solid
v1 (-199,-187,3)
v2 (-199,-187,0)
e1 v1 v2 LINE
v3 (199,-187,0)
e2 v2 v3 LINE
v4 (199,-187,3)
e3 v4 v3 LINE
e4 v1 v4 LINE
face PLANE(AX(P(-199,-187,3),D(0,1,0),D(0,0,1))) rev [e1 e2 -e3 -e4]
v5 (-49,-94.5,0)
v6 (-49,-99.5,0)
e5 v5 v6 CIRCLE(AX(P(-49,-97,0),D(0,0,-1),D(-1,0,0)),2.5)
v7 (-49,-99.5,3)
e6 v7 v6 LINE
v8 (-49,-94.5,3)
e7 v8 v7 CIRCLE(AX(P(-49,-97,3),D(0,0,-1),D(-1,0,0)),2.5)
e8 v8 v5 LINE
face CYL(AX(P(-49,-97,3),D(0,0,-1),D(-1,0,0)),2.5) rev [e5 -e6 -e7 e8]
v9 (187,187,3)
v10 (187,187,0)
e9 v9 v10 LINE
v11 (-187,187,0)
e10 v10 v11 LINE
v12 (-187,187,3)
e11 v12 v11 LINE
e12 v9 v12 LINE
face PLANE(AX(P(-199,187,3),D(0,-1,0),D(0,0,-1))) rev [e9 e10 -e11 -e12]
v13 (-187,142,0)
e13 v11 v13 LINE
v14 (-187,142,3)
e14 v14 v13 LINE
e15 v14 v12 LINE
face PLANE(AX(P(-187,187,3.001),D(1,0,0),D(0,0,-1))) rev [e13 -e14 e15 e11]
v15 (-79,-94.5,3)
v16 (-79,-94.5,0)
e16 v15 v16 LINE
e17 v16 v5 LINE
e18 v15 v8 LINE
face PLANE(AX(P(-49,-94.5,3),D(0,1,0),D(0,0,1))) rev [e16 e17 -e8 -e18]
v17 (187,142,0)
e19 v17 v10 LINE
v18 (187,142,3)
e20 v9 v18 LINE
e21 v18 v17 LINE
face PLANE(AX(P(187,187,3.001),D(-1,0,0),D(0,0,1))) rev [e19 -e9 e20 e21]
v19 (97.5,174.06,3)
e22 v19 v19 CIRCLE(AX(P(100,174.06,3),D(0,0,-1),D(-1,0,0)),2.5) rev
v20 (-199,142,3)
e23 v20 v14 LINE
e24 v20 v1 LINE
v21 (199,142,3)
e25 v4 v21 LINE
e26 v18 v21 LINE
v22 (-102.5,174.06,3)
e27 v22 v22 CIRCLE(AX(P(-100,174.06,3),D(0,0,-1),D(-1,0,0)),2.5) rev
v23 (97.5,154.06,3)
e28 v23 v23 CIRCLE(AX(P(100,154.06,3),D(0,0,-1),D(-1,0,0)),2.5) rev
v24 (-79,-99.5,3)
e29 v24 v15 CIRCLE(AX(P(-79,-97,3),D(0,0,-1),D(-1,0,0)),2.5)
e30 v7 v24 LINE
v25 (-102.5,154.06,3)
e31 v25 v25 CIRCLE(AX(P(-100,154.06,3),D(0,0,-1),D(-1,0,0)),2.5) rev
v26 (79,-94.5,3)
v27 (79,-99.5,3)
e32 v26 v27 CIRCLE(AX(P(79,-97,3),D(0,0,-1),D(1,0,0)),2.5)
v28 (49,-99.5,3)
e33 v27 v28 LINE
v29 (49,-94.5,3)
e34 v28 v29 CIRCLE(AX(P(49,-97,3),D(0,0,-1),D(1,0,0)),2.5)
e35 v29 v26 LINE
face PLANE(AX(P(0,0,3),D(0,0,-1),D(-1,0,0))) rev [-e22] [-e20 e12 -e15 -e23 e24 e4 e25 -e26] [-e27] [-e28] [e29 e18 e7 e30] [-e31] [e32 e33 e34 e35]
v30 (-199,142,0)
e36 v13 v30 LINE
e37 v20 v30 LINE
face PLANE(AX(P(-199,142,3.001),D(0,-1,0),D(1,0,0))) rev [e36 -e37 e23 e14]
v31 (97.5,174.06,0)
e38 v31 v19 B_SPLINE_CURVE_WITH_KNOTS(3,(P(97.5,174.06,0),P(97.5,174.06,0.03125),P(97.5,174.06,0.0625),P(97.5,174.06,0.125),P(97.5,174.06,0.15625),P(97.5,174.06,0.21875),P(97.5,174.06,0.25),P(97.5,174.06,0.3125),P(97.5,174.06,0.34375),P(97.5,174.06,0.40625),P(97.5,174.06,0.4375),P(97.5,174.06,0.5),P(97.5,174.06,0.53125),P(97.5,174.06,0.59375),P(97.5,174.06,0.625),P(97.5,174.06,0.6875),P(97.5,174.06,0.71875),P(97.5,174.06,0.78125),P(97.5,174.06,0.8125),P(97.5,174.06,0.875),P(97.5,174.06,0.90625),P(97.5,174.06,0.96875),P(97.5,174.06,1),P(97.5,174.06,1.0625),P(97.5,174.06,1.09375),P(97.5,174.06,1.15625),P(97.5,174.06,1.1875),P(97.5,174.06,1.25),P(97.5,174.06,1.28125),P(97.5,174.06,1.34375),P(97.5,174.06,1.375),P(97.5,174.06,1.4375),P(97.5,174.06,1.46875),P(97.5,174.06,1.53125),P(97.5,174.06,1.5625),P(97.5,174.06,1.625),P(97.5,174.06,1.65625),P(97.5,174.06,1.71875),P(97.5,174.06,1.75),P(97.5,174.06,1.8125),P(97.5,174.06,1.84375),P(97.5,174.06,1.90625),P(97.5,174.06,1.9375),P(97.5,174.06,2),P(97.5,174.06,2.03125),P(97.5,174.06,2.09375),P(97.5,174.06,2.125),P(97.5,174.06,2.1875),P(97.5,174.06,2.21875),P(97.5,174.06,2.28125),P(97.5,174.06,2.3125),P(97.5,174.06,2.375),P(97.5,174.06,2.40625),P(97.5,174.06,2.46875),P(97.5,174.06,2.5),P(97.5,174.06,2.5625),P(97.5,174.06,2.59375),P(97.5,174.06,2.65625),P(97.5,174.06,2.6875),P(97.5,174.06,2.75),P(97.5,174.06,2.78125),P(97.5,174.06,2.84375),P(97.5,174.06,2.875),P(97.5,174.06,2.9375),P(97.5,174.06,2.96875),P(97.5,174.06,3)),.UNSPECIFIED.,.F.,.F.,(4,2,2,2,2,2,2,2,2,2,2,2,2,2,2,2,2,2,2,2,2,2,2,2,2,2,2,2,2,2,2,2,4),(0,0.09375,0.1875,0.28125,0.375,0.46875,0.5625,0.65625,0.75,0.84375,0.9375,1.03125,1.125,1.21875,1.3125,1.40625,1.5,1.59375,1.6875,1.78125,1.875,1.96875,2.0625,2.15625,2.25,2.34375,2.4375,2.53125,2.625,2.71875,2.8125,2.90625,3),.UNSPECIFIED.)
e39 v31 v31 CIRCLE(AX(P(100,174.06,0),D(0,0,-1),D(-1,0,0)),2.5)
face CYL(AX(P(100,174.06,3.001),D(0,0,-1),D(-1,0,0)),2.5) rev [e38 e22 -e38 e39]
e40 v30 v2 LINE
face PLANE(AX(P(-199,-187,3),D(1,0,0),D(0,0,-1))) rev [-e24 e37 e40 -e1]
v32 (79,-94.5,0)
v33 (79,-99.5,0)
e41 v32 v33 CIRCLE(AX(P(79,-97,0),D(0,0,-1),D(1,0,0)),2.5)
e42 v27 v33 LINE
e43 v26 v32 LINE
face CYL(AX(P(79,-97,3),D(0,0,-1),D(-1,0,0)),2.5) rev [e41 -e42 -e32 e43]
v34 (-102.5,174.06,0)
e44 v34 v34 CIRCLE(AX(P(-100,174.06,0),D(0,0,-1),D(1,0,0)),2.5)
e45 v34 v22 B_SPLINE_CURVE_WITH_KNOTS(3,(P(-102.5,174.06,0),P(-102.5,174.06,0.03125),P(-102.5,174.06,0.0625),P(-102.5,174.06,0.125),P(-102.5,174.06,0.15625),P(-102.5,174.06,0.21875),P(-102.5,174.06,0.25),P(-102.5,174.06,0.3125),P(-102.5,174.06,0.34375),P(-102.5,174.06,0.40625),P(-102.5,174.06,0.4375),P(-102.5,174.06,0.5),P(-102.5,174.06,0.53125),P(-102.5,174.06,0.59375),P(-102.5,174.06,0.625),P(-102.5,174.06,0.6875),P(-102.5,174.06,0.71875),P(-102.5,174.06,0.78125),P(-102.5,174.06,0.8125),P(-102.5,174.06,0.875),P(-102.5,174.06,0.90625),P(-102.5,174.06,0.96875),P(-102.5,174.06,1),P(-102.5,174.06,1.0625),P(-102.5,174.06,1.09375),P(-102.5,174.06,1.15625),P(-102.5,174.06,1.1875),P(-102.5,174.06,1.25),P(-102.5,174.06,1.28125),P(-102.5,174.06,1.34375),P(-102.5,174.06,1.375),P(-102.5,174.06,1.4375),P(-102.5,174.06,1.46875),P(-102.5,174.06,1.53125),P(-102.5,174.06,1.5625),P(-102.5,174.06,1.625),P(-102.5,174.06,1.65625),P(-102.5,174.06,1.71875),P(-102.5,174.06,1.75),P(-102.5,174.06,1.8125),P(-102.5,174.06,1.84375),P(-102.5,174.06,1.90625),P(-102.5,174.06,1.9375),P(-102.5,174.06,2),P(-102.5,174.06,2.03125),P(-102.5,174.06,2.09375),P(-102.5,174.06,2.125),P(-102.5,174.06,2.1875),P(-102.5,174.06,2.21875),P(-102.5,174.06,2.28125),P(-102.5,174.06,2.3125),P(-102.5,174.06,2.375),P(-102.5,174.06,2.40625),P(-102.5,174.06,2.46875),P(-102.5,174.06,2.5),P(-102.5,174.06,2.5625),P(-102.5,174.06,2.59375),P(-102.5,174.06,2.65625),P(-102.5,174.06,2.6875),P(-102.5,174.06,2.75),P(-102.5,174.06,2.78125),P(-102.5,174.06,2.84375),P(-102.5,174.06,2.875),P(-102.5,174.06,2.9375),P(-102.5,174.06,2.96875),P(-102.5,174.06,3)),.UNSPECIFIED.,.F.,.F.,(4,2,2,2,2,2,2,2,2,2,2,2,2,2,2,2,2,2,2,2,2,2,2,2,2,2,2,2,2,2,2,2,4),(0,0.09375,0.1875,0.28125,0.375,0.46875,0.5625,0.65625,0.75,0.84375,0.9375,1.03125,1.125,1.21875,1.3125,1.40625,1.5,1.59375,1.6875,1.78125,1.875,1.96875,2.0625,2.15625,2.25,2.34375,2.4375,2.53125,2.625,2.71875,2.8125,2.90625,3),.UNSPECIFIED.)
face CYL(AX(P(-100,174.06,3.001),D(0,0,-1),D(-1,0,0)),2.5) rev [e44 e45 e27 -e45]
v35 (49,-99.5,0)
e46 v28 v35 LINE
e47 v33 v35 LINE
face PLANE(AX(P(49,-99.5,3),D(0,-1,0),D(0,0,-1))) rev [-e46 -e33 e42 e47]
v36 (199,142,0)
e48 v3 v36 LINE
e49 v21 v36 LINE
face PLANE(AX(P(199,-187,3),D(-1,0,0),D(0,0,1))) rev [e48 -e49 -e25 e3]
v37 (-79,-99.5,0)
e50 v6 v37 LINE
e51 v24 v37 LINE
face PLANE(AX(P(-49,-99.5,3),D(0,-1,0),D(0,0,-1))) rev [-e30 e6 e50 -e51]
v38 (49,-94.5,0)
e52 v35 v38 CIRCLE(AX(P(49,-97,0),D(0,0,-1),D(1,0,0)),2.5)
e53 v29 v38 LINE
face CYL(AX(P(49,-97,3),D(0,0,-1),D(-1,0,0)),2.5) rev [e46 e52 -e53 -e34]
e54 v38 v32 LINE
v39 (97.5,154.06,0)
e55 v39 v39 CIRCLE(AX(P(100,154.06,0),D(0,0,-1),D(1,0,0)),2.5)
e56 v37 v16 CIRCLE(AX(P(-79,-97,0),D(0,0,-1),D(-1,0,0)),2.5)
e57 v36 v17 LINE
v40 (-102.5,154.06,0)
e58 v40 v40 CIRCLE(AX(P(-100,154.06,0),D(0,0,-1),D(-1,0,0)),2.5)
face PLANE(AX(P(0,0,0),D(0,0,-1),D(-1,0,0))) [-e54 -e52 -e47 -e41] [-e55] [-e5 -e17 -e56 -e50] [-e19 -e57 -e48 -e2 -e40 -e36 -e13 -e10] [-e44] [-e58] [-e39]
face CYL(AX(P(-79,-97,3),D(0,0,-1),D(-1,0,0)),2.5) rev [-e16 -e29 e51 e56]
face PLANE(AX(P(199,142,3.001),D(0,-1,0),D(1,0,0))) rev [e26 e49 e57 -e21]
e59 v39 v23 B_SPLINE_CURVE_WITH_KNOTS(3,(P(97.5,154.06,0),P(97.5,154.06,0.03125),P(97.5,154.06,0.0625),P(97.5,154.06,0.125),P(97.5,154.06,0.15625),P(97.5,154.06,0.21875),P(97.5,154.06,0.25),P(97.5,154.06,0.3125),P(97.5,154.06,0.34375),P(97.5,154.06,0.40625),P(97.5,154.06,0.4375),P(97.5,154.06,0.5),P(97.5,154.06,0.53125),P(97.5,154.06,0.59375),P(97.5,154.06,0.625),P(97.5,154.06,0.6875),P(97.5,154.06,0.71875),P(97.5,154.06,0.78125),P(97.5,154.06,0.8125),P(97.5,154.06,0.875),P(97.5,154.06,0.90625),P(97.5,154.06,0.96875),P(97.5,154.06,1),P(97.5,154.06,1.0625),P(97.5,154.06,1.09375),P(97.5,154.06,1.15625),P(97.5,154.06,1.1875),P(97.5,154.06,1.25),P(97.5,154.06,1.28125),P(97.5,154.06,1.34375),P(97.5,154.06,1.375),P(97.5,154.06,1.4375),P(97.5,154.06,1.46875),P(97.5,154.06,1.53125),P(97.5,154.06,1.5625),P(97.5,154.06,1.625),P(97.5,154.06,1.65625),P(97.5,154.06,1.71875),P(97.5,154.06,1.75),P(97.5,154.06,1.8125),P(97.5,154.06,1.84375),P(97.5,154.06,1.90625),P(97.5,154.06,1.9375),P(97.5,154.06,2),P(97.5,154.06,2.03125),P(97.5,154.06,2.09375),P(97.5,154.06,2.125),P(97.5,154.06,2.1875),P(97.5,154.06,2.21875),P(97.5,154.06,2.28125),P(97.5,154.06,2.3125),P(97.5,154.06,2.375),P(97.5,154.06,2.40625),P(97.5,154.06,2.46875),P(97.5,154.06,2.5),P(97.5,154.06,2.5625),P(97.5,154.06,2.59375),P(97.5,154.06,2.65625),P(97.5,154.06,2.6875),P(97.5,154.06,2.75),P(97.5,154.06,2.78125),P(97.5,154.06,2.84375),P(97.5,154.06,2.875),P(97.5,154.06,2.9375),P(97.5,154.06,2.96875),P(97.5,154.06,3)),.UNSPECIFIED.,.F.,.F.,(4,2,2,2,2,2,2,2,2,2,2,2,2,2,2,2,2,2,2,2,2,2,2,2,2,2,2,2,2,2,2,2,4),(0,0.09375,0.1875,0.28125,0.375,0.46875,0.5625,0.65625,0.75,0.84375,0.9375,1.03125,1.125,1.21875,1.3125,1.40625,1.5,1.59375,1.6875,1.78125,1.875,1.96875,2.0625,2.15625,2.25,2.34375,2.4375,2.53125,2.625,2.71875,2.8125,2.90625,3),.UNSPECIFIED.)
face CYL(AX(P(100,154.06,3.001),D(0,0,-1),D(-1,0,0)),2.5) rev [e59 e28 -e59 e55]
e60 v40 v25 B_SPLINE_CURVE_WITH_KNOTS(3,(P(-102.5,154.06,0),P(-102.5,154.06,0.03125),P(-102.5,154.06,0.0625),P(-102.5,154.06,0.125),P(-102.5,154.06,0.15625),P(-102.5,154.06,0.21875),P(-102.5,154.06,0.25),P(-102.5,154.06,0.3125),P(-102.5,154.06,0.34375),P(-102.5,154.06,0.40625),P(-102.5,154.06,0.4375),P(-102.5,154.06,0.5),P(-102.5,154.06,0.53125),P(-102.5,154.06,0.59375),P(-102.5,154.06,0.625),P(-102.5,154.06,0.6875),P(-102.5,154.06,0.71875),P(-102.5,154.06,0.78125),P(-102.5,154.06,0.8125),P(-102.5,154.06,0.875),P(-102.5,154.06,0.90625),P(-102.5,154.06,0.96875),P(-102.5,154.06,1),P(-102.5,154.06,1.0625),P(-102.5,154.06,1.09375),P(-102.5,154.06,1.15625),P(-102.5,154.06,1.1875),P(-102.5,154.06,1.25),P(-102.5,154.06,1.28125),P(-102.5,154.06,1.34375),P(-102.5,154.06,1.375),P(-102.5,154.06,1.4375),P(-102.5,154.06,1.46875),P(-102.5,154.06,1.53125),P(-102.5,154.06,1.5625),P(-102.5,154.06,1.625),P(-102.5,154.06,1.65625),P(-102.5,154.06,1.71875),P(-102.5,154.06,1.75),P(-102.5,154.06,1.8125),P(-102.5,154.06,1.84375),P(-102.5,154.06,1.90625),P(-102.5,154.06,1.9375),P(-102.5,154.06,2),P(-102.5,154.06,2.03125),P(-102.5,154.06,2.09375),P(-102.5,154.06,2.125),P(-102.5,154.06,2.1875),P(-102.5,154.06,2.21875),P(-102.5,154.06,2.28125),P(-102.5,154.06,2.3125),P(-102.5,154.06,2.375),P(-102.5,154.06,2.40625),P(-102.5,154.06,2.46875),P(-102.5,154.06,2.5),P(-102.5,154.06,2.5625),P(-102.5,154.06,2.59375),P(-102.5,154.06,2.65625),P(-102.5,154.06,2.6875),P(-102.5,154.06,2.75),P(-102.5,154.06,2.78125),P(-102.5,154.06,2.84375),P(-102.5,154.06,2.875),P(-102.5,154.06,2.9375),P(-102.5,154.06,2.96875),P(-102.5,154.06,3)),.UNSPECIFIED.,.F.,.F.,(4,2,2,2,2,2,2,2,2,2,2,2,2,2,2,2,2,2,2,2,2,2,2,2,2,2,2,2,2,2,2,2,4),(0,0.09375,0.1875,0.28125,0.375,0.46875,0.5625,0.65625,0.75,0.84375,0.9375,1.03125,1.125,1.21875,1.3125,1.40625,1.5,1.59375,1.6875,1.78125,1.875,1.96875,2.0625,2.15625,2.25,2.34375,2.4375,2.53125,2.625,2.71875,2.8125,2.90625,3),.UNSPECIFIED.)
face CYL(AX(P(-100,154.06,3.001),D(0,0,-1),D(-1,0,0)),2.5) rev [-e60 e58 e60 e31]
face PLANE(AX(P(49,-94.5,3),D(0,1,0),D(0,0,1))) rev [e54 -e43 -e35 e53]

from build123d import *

# Parameters (mm, degrees)
SKETCH1_W           = 398
SKETCH1_H           = 374
BOSS_EXTRUDE1_DEPTH = 3
CUT_EXTRUDE1_REACH  = 275.092
SKETCH2_R           = 2.5
SKETCH2_W           = 12
SKETCH2_H           = 45
CUT_EXTRUDE2_REACH  = 275.092
SKETCH3_R           = 2.5
CUT_EXTRUDE3_DEPTH  = 274.091559738


with BuildPart() as part:
    # Sketch1 → Boss-Extrude1 (new body)
    with BuildSketch(Plane.XY):
        Rectangle(SKETCH1_W, SKETCH1_H)
    extrude(amount=BOSS_EXTRUDE1_DEPTH)

    # Sketch2 → Cut-Extrude1 (cut, up to next)
    with BuildSketch(Plane(origin=(0, 0, 0), x_dir=(-1, 0, 0), z_dir=(0, 0, -1)), mode=Mode.PRIVATE) as cut_extrude1_sk1:
        with Locations((-100, 174.06)):
            Circle(SKETCH2_R)
    cut_extrude1_tool1 = extrude(cut_extrude1_sk1.sketch, amount=-CUT_EXTRUDE1_REACH, mode=Mode.PRIVATE) & part.part
    # Sketch2 → Cut-Extrude1 (cut, up to next)
    with BuildSketch(Plane(origin=(0, 0, 0), x_dir=(-1, 0, 0), z_dir=(0, 0, -1)), mode=Mode.PRIVATE) as cut_extrude1_sk2:
        with Locations((-100, 154.06)):
            Circle(SKETCH2_R)
    cut_extrude1_tool2 = extrude(cut_extrude1_sk2.sketch, amount=-CUT_EXTRUDE1_REACH, mode=Mode.PRIVATE) & part.part
    # Sketch2 → Cut-Extrude1 (cut, up to next)
    with BuildSketch(Plane(origin=(0, 0, 0), x_dir=(-1, 0, 0), z_dir=(0, 0, -1)), mode=Mode.PRIVATE) as cut_extrude1_sk3:
        with Locations((100, 154.06)):
            Circle(SKETCH2_R)
    cut_extrude1_tool3 = extrude(cut_extrude1_sk3.sketch, amount=-CUT_EXTRUDE1_REACH, mode=Mode.PRIVATE) & part.part
    # Sketch2 → Cut-Extrude1 (cut, up to next)
    with BuildSketch(Plane(origin=(0, 0, 0), x_dir=(-1, 0, 0), z_dir=(0, 0, -1)), mode=Mode.PRIVATE) as cut_extrude1_sk4:
        with Locations((100, 174.06)):
            Circle(SKETCH2_R)
    cut_extrude1_tool4 = extrude(cut_extrude1_sk4.sketch, amount=-CUT_EXTRUDE1_REACH, mode=Mode.PRIVATE) & part.part
    # Sketch2 → Cut-Extrude1 (cut, up to next)
    with BuildSketch(Plane(origin=(0, 0, 0), x_dir=(-1, 0, 0), z_dir=(0, 0, -1)), mode=Mode.PRIVATE) as cut_extrude1_sk5:
        with Locations((-193, 164.5)):
            Rectangle(SKETCH2_W, SKETCH2_H)
    cut_extrude1_tool5 = extrude(cut_extrude1_sk5.sketch, amount=-CUT_EXTRUDE1_REACH, mode=Mode.PRIVATE) & part.part
    # Sketch2 → Cut-Extrude1 (cut, up to next)
    with BuildSketch(Plane(origin=(0, 0, 0), x_dir=(-1, 0, 0), z_dir=(0, 0, -1)), mode=Mode.PRIVATE) as cut_extrude1_sk6:
        with Locations((193, 164.5)):
            Rectangle(SKETCH2_W, SKETCH2_H)
    cut_extrude1_tool6 = extrude(cut_extrude1_sk6.sketch, amount=-CUT_EXTRUDE1_REACH, mode=Mode.PRIVATE) & part.part
    add(cut_extrude1_tool1.solids().sort_by_distance((100, 174.06, 0))[0], mode=Mode.SUBTRACT)
    add(cut_extrude1_tool2.solids().sort_by_distance((100, 154.06, 0))[0], mode=Mode.SUBTRACT)
    add(cut_extrude1_tool3.solids().sort_by_distance((-100, 154.06, 0))[0], mode=Mode.SUBTRACT)
    add(cut_extrude1_tool4.solids().sort_by_distance((-100, 174.06, 0))[0], mode=Mode.SUBTRACT)
    add(cut_extrude1_tool5.solids().sort_by_distance((193, 164.5, 0))[0], mode=Mode.SUBTRACT)
    add(cut_extrude1_tool6.solids().sort_by_distance((-193, 164.5, 0))[0], mode=Mode.SUBTRACT)

    # Sketch3 → Cut-Extrude2 (cut, up to next)
    with BuildSketch(Plane(origin=(0, 0, 0), x_dir=(-1, 0, 0), z_dir=(0, 0, -1)), mode=Mode.PRIVATE) as cut_extrude2_sk1:
        with Locations((64, -97)):
            Circle(SKETCH3_R)
    cut_extrude2_tool1 = extrude(cut_extrude2_sk1.sketch, amount=-CUT_EXTRUDE2_REACH, mode=Mode.PRIVATE) & part.part
    # Sketch3 → Cut-Extrude2 (cut, up to next)
    with BuildSketch(Plane(origin=(0, 0, 0), x_dir=(-1, 0, 0), z_dir=(0, 0, -1)), mode=Mode.PRIVATE) as cut_extrude2_sk2:
        with Locations((-64, -97)):
            Circle(SKETCH3_R)
    cut_extrude2_tool2 = extrude(cut_extrude2_sk2.sketch, amount=-CUT_EXTRUDE2_REACH, mode=Mode.PRIVATE) & part.part
    add(cut_extrude2_tool1.solids().sort_by_distance((-64, -97, 0))[0], mode=Mode.SUBTRACT)
    add(cut_extrude2_tool2.solids().sort_by_distance((64, -97, 0))[0], mode=Mode.SUBTRACT)

    # Sketch4 → Cut-Extrude3 (cut, through all)
    with BuildSketch(Plane(origin=(0, 0, 0), x_dir=(-1, 0, 0), z_dir=(0, 0, -1))):
        with BuildLine():
            Line((49, -94.5), (79, -94.5))
            ThreePointArc((79, -94.5), (81.5, -97), (79, -99.5))
            Line((79, -99.5), (49, -99.5))
            ThreePointArc((49, -99.5), (46.5, -97), (49, -94.5))
        make_face()
        with BuildLine():
            Line((-49, -94.5), (-79, -94.5))
            ThreePointArc((-79, -94.5), (-81.5, -97), (-79, -99.5))
            Line((-79, -99.5), (-49, -99.5))
            ThreePointArc((-49, -99.5), (-46.5, -97), (-49, -94.5))
        make_face()
    extrude(amount=-CUT_EXTRUDE3_DEPTH, mode=Mode.SUBTRACT)


solid = part.part
